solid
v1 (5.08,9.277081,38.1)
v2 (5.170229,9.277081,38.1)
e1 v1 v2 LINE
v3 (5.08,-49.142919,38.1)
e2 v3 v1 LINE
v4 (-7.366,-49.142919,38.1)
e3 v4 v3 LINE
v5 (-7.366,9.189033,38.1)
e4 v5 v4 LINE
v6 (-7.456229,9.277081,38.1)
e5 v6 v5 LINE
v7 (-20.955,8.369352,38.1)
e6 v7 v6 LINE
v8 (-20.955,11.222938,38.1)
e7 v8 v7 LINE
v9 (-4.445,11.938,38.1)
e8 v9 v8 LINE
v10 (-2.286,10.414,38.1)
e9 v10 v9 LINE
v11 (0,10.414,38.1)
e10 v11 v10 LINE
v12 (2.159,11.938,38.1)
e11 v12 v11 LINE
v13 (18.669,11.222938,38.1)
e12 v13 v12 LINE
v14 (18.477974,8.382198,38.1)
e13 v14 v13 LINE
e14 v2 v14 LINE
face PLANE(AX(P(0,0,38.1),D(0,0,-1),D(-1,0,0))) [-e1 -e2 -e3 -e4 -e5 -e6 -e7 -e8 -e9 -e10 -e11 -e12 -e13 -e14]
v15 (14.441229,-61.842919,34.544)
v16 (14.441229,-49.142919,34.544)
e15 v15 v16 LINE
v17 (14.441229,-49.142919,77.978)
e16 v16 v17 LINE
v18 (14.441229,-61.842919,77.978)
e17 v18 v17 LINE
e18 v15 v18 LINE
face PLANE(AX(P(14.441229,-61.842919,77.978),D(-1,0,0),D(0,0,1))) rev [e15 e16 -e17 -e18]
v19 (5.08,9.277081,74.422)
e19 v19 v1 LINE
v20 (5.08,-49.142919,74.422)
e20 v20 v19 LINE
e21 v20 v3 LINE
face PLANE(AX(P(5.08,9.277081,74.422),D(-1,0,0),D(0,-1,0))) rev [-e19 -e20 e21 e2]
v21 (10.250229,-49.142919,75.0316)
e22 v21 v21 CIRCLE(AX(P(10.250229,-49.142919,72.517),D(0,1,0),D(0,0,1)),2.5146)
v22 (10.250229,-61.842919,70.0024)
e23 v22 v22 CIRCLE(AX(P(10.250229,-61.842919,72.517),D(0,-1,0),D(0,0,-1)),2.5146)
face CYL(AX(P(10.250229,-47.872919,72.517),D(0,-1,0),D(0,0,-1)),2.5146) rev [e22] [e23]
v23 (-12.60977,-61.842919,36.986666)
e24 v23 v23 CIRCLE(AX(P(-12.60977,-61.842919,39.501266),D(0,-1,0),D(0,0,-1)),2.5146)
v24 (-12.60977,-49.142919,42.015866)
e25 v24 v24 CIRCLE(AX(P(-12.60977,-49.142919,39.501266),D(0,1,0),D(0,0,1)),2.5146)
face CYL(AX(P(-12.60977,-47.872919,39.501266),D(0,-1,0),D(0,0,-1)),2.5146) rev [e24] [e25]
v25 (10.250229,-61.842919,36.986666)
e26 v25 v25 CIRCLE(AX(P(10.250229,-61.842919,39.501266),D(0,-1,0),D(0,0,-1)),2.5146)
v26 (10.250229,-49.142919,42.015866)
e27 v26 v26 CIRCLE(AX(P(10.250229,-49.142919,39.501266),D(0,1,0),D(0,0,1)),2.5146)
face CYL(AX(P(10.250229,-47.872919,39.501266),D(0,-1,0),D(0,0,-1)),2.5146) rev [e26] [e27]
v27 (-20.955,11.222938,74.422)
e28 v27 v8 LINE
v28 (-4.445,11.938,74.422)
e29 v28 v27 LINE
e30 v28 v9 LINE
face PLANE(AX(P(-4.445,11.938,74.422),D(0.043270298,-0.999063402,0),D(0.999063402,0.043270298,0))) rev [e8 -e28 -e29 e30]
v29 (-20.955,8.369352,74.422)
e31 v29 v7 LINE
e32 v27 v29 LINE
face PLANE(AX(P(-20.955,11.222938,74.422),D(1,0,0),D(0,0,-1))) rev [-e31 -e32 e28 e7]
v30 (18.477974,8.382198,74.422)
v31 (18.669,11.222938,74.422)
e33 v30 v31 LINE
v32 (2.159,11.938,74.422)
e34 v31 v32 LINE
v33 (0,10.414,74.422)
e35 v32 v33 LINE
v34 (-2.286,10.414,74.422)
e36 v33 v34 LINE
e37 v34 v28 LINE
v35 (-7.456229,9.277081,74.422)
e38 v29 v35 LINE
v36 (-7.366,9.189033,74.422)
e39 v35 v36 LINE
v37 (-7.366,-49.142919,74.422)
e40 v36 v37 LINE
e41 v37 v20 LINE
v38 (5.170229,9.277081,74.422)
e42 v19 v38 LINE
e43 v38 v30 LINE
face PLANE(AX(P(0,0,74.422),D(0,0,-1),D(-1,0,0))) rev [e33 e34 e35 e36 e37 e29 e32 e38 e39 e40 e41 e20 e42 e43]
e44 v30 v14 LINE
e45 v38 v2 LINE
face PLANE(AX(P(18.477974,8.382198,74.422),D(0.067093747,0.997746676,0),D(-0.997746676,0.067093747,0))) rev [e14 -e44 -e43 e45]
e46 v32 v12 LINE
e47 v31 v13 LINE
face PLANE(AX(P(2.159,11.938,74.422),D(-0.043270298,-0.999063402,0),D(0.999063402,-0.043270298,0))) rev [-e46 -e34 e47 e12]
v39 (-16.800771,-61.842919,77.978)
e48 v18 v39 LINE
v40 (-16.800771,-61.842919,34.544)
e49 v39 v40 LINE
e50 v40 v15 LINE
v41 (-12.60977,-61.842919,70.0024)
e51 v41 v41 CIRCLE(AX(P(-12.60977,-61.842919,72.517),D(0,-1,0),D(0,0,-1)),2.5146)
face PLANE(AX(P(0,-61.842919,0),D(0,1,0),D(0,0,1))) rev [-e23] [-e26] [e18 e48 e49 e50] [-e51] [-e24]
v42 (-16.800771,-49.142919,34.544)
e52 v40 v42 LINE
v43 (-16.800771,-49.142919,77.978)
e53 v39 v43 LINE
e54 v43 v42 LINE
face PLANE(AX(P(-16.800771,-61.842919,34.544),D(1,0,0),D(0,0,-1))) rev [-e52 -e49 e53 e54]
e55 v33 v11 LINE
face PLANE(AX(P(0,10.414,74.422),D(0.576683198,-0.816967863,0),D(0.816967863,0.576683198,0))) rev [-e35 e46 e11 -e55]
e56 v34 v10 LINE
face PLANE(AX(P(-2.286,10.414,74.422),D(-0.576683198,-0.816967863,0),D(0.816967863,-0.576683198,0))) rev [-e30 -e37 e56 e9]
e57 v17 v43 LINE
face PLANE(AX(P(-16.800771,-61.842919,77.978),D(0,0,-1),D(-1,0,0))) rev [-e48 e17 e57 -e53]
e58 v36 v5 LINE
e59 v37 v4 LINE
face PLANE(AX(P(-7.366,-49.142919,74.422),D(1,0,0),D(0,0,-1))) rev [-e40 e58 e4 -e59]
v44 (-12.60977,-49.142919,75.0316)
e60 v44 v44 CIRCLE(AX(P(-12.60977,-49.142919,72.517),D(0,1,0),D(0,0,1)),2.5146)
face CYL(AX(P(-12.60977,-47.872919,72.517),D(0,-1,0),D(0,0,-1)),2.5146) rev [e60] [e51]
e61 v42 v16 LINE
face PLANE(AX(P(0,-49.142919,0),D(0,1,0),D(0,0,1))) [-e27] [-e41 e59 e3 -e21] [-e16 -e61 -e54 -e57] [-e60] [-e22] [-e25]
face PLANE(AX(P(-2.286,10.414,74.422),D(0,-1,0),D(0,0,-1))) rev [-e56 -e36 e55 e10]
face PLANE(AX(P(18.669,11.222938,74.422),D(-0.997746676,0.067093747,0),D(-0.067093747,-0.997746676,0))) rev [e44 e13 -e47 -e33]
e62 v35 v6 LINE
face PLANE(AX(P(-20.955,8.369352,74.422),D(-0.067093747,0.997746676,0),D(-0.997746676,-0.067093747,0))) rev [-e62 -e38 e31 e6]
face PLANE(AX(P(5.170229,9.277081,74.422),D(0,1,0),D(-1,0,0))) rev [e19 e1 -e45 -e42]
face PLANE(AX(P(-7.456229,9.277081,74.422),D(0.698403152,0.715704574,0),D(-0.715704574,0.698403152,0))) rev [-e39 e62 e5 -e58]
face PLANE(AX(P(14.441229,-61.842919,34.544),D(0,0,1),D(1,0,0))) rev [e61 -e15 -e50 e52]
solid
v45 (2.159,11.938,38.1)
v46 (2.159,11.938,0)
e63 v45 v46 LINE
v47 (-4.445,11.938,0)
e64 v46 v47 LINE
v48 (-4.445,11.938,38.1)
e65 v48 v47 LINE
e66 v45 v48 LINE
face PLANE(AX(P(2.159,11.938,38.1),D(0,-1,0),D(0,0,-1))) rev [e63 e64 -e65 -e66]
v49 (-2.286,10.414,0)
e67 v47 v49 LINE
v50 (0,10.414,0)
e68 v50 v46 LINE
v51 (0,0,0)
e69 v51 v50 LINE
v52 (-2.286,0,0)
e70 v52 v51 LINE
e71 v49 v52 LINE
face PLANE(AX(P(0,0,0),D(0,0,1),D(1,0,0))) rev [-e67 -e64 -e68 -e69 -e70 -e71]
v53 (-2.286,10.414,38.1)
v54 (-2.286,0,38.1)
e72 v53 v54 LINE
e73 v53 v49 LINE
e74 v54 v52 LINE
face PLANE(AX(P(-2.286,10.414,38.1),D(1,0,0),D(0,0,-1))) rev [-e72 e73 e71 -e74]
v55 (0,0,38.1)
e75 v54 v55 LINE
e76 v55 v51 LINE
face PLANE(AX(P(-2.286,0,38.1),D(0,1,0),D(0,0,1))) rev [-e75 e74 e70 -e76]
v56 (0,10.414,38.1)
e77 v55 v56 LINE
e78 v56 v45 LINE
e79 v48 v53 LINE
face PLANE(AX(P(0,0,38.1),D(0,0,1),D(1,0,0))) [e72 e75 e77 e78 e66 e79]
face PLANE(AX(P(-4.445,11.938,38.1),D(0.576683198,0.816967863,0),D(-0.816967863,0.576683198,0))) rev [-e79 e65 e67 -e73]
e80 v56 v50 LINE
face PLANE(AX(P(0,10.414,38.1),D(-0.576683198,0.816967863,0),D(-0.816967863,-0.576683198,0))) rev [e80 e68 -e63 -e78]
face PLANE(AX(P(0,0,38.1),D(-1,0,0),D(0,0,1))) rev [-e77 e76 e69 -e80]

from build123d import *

# Parameters (mm, degrees)
SALIENTE_EXTRUIR1_DEPTH = 38.1
SALIENTE_EXTRUIR2_DEPTH = 36.322
CROQUIS5_W              = 31.242
CROQUIS5_H              = 43.434
SALIENTE_EXTRUIR3_DEPTH = 12.7
CROQUIS6_R              = 2.5146
CORTAR_EXTRUIR6_DEPTH   = 13.97


with BuildPart() as part:
    # Croquis2 → Saliente-Extruir1 (new body)
    with BuildSketch(Plane.XY):
        Polygon((0, 0), (0, 10.414), (2.159, 11.938), (-4.445, 11.938), (-2.286, 10.414), (-2.286, 0), align=None)
    extrude(amount=SALIENTE_EXTRUIR1_DEPTH)


with BuildPart() as body_2:
    # Croquis3 → Saliente-Extruir2 (new body)
    with BuildSketch(Plane.XY.offset(38.1)):
        Polygon((-7.366, -49.142919253), (-7.366, 9.189032695), (-7.456229251, 9.277080747), (-20.955, 8.369352225), (-20.955, 11.222937646), (-4.445, 11.938), (-2.286, 10.414), (0, 10.414), (2.159, 11.938), (18.669, 11.222937646), (18.477973677, 8.382197842), (5.170229251, 9.277080747), (5.08, 9.277080747), (5.08, -49.142919253), align=None)
    extrude(amount=SALIENTE_EXTRUIR2_DEPTH)

    # Croquis5 → Saliente-Extruir3 (add)
    with BuildSketch(Plane.XZ.offset(49.142919253)):
        with Locations((-1.179770749, 56.261)):
            Rectangle(CROQUIS5_W, CROQUIS5_H)
    extrude(amount=SALIENTE_EXTRUIR3_DEPTH)

    # Croquis6 → Cortar-Extruir6 (cut)
    with BuildSketch(Plane.XZ.offset(61.842919253)):
        with Locations(Location((-12.609770351, 72.517, 0), (0, 0, 270))):
            Circle(CROQUIS6_R)
        with Locations(Location((10.250229251, 72.517, 0), (0, 0, 270))):
            Circle(CROQUIS6_R)
        with Locations(Location((10.250229251, 39.501266304, 0), (0, 0, 270))):
            Circle(CROQUIS6_R)
        with Locations(Location((-12.609770351, 39.501266304, 0), (0, 0, 270))):
            Circle(CROQUIS6_R)
    extrude(amount=-CORTAR_EXTRUIR6_DEPTH, mode=Mode.SUBTRACT)


solid = Compound([part.part, body_2.part])
